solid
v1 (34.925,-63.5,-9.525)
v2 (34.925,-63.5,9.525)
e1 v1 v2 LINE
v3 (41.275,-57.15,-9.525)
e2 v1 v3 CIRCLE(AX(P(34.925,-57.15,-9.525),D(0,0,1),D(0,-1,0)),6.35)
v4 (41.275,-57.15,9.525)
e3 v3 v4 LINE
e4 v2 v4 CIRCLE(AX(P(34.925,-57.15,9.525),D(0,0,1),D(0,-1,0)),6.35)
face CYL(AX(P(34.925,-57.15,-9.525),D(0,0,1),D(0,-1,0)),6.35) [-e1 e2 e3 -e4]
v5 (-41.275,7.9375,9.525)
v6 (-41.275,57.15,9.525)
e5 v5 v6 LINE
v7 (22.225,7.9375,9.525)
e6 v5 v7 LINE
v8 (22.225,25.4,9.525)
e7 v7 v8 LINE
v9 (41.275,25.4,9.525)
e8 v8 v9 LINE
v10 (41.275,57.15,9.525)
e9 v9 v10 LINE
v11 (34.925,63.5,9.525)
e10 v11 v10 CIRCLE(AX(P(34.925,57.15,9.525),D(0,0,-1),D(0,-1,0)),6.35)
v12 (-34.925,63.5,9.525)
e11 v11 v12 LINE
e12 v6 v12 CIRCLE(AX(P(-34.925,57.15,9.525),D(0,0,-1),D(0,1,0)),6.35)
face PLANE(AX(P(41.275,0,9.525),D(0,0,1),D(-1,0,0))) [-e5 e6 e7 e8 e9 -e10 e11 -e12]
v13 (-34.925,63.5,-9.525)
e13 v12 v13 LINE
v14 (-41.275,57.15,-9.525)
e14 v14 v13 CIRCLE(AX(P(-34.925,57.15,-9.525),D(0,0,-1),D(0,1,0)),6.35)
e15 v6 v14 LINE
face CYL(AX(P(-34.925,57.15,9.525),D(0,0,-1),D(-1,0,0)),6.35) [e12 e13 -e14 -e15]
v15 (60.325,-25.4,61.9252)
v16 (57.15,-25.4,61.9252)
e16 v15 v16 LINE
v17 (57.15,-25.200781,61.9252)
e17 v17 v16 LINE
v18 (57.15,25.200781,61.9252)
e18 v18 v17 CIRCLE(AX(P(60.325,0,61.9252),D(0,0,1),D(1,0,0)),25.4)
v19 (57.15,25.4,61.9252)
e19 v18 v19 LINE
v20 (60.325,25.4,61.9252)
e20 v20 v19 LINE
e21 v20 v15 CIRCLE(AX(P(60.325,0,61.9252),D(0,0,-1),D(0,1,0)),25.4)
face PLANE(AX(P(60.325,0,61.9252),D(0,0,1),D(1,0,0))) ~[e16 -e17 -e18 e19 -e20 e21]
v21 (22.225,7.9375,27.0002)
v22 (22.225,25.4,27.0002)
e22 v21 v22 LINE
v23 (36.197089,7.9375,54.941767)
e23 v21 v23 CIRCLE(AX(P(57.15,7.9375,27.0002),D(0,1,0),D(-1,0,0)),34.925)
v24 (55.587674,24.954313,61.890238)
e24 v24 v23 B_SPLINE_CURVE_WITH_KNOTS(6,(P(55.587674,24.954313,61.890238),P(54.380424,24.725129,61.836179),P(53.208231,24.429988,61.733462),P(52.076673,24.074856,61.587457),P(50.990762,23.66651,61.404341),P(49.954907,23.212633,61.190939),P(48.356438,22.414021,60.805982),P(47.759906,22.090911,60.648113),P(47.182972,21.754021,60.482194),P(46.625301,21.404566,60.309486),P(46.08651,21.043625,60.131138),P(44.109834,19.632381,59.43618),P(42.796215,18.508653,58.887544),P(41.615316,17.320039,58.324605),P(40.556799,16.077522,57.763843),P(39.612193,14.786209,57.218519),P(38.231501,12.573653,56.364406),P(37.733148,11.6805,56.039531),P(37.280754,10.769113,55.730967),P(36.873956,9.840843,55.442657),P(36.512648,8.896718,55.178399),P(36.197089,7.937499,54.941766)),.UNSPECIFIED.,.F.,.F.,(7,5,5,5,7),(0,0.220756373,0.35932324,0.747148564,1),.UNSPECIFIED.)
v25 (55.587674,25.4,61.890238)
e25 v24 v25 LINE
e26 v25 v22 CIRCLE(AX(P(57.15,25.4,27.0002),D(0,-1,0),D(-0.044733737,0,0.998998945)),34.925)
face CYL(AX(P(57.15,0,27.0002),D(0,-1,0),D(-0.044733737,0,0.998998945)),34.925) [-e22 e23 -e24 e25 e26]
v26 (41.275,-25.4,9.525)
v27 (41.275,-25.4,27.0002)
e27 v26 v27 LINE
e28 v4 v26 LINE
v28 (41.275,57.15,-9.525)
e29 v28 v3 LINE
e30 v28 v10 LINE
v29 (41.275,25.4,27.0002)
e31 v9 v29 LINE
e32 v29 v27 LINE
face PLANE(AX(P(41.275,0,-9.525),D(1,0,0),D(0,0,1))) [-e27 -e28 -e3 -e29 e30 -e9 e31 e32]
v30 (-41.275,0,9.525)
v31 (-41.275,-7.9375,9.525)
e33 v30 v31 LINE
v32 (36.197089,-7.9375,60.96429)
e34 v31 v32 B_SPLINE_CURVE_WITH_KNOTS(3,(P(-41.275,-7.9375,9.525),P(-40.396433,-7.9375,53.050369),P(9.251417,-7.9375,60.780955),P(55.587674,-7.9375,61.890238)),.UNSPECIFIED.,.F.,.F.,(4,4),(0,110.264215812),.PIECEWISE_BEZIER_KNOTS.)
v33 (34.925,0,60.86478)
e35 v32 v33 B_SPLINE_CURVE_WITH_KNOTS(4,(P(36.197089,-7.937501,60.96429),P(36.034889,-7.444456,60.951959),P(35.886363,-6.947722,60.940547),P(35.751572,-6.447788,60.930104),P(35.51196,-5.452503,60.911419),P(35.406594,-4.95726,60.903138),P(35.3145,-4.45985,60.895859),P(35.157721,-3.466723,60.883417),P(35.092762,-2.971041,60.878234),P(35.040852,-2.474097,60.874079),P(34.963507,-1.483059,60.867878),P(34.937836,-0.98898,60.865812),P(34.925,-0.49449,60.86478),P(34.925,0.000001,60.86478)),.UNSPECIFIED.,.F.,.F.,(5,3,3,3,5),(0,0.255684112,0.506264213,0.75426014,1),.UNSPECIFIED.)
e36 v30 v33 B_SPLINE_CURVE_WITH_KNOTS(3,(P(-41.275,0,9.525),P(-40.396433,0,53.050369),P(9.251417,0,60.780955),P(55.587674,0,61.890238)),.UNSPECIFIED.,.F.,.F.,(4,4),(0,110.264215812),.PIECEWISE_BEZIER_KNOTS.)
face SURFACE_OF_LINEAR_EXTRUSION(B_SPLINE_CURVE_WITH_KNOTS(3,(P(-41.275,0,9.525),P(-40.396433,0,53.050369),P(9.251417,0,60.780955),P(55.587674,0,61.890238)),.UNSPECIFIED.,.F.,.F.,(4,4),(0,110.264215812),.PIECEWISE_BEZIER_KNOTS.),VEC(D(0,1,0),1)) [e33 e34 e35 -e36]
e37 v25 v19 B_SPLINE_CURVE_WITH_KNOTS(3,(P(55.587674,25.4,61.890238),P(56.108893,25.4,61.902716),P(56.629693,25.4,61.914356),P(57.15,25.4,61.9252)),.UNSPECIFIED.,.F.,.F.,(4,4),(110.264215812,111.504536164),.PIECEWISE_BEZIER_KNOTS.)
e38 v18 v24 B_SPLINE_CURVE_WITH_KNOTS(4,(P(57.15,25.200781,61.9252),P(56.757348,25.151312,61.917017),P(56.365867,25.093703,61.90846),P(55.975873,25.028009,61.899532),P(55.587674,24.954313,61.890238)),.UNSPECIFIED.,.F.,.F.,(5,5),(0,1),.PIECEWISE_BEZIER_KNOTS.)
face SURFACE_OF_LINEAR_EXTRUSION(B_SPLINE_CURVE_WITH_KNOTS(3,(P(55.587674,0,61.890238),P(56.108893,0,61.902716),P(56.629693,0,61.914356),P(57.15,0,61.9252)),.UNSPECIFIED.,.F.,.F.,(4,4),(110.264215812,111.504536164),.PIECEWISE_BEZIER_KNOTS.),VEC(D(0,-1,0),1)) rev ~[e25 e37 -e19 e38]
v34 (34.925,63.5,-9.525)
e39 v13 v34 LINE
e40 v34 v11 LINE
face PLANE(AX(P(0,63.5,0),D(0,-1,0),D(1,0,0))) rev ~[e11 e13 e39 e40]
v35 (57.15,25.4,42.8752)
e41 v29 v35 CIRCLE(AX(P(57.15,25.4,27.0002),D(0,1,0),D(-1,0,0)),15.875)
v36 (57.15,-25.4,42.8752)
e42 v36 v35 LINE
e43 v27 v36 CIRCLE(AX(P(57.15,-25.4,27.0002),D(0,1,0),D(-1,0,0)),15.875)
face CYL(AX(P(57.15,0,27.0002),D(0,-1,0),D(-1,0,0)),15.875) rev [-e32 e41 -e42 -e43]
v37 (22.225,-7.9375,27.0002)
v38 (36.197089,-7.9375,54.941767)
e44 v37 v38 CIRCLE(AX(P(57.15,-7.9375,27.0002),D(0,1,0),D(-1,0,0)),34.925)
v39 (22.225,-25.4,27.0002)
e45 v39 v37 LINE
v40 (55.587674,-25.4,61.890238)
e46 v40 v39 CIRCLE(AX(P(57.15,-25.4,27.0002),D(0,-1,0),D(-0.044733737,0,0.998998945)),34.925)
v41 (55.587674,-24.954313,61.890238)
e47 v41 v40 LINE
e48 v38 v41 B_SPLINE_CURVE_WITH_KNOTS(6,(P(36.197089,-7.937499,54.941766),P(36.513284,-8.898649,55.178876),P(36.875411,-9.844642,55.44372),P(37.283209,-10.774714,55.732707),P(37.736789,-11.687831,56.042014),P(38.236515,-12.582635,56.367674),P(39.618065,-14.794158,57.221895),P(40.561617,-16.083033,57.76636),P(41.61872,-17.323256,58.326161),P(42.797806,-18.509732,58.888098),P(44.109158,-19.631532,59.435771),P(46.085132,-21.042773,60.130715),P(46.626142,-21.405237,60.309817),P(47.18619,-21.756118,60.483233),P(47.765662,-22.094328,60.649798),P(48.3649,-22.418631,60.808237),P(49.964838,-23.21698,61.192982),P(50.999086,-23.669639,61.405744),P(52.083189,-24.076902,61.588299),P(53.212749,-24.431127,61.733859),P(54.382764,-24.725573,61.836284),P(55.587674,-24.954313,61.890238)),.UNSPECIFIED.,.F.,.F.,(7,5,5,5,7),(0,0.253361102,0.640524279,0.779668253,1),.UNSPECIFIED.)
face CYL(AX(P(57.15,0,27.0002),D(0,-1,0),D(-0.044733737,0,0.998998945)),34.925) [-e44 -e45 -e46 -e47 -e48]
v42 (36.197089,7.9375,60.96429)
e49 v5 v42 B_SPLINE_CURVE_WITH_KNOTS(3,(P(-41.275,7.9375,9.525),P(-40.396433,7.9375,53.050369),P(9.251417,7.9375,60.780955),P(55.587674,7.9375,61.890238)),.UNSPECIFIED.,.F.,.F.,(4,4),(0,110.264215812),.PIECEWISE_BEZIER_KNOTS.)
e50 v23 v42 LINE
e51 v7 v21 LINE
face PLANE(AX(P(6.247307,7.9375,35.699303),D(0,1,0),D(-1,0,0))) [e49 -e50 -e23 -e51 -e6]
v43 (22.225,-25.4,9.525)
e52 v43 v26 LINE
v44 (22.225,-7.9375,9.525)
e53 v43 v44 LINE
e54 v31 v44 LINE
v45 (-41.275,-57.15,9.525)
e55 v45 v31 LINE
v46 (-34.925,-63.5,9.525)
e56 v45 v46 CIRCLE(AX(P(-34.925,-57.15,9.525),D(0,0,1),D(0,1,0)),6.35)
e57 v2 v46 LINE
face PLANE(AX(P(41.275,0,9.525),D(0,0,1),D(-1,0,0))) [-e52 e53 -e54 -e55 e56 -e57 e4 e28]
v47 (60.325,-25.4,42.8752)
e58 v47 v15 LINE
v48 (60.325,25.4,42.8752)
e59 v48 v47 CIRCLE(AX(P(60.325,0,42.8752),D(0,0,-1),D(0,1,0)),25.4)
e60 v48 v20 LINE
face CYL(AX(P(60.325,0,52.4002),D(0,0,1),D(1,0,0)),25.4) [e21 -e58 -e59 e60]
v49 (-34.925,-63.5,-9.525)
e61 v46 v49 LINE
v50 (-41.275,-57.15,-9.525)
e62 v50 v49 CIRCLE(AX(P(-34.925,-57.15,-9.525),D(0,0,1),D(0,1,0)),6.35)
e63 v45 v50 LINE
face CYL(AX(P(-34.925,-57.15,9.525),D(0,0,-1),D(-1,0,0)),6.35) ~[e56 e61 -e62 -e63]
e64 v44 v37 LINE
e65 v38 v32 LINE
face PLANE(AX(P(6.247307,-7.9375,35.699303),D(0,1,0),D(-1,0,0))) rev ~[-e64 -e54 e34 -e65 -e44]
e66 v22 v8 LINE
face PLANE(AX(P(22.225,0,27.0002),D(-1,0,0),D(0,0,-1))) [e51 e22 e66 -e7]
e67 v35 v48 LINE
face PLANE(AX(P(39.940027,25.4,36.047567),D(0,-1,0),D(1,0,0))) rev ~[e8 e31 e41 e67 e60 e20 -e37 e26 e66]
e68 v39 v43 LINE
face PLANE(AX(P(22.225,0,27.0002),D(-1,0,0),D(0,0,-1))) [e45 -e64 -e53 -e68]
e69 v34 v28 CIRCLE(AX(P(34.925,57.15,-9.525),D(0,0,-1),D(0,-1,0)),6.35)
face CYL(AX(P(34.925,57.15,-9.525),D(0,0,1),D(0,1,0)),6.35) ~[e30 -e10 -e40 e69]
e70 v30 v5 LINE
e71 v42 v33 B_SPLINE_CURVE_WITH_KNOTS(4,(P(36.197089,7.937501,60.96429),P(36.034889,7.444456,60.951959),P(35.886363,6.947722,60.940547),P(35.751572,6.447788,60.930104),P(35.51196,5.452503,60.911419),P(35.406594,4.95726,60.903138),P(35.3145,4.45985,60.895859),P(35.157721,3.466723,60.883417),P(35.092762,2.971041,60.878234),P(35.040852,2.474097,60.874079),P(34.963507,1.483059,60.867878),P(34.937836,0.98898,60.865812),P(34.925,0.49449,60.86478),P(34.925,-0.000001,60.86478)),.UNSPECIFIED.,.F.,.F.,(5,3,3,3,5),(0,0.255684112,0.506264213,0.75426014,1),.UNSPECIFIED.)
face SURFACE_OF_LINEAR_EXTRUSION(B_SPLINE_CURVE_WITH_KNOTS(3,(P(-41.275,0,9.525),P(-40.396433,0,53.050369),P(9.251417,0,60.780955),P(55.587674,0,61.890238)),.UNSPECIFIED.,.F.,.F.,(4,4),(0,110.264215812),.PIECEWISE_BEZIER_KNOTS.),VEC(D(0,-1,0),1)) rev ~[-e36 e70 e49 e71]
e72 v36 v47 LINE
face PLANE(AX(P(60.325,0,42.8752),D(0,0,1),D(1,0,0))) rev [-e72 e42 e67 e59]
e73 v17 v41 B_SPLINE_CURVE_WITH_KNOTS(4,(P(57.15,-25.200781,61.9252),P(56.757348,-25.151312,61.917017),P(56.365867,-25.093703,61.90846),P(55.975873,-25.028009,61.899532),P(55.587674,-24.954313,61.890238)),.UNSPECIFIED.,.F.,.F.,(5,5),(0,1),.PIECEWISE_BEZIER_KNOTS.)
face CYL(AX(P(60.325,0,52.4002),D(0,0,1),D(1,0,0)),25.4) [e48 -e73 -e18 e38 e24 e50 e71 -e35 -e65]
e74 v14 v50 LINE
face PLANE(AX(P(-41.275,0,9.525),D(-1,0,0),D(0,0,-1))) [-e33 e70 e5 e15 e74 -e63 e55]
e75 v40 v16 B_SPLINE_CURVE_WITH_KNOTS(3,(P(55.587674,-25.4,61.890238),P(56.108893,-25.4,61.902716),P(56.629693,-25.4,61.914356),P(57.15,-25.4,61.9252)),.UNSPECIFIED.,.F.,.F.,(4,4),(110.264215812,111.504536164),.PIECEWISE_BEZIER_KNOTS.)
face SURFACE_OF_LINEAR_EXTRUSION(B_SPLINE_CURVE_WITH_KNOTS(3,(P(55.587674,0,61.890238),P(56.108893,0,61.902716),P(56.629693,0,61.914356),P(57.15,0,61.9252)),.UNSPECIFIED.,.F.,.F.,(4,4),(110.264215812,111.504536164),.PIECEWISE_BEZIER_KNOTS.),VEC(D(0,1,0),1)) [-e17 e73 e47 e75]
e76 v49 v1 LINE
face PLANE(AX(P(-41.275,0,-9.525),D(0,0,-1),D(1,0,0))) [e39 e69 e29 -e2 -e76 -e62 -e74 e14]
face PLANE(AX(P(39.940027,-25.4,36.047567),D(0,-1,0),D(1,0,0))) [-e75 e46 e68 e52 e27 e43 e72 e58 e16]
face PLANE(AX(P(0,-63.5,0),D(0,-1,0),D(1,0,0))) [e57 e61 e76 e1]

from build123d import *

# Parameters (mm, degrees)
F1_DEPTH = 63.5
F2_DEPTH = 25.4
F3_DEPTH = 7.9375
F0_W     = 25.4
F0_H     = 19.05
F5_R     = 6.35


with BuildPart() as f1:
    # F0 (on Front) → F1 (new body, symmetric)
    with BuildSketch(Plane.XZ):
        Polygon((-41.275, 9.525), (-41.275, -9.525), (41.275, -9.525), (41.275, 9.525), (22.225, 9.525), align=None)
    extrude(amount=F1_DEPTH, both=True)

    # F0 (on Front) → F2 (join, symmetric)
    with BuildSketch(Plane.XZ):
        with BuildLine():
            Line((22.225, 9.525), (41.275, 9.525))
            Line((41.275, 9.525), (41.275, 27.0002))
            ThreePointArc((41.275, 27.0002), (45.9246798487, 38.2255201513), (57.15, 42.8752))
            Line((57.15, 42.8752), (60.325, 42.8752))
            Line((60.325, 42.8752), (60.325, 61.9252))
            Line((60.325, 61.9252), (57.15, 61.9252))
            add(Edge.make_bspline(
                [(55.5876742253, 61.8902381653), (56.1088932131, 61.9027160725), (56.6296931804, 61.9143561764), (57.15, 61.9252)],
                knots=[110.264215812, 110.264215812, 110.264215812, 110.264215812, 111.5045361635, 111.5045361635, 111.5045361635, 111.5045361635], degree=3))
            ThreePointArc((55.5876742253, 61.8902381653), (31.9079730144, 51.137219258), (22.225, 27.0002))
            Line((22.225, 27.0002), (22.225, 9.525))
        make_face()
    extrude(amount=F2_DEPTH, both=True)

    # F0 (on Front) → F3 (join, symmetric)
    with BuildSketch(Plane.XZ):
        with BuildLine():
            add(Edge.make_bspline(
                [(-41.275, 9.525), (-40.3964327978, 53.0503686598), (9.2514169059, 60.7809548666), (55.5876742253, 61.8902381653)],
                knots=[0, 0, 0, 0, 110.264215812, 110.264215812, 110.264215812, 110.264215812], degree=3))
            Line((-41.275, 9.525), (22.225, 9.525))
            Line((22.225, 9.525), (22.225, 27.0002))
            ThreePointArc((22.225, 27.0002), (31.9079730144, 51.137219258), (55.5876742253, 61.8902381653))
        make_face()
    extrude(amount=F3_DEPTH, both=True)

    # F0 (on Front) → F4 (revolve)
    with BuildSketch(Plane.XZ):
        with Locations((73.025, 52.4002)):
            Rectangle(F0_W, F0_H)
    revolve(axis=Axis((60.325, 0, 52.3875), (0, 0, 1)))

    # F5
    f5_edges = [f1.edges().sort_by_distance(p)[0] for p in [
        (-41.275, -63.5, 0),
        (41.275, -63.5, 0),
        (41.275, 63.5, 0),
        (-41.275, 63.5, 0),
    ]]
    fillet(f5_edges, radius=F5_R)


solid = f1.part
